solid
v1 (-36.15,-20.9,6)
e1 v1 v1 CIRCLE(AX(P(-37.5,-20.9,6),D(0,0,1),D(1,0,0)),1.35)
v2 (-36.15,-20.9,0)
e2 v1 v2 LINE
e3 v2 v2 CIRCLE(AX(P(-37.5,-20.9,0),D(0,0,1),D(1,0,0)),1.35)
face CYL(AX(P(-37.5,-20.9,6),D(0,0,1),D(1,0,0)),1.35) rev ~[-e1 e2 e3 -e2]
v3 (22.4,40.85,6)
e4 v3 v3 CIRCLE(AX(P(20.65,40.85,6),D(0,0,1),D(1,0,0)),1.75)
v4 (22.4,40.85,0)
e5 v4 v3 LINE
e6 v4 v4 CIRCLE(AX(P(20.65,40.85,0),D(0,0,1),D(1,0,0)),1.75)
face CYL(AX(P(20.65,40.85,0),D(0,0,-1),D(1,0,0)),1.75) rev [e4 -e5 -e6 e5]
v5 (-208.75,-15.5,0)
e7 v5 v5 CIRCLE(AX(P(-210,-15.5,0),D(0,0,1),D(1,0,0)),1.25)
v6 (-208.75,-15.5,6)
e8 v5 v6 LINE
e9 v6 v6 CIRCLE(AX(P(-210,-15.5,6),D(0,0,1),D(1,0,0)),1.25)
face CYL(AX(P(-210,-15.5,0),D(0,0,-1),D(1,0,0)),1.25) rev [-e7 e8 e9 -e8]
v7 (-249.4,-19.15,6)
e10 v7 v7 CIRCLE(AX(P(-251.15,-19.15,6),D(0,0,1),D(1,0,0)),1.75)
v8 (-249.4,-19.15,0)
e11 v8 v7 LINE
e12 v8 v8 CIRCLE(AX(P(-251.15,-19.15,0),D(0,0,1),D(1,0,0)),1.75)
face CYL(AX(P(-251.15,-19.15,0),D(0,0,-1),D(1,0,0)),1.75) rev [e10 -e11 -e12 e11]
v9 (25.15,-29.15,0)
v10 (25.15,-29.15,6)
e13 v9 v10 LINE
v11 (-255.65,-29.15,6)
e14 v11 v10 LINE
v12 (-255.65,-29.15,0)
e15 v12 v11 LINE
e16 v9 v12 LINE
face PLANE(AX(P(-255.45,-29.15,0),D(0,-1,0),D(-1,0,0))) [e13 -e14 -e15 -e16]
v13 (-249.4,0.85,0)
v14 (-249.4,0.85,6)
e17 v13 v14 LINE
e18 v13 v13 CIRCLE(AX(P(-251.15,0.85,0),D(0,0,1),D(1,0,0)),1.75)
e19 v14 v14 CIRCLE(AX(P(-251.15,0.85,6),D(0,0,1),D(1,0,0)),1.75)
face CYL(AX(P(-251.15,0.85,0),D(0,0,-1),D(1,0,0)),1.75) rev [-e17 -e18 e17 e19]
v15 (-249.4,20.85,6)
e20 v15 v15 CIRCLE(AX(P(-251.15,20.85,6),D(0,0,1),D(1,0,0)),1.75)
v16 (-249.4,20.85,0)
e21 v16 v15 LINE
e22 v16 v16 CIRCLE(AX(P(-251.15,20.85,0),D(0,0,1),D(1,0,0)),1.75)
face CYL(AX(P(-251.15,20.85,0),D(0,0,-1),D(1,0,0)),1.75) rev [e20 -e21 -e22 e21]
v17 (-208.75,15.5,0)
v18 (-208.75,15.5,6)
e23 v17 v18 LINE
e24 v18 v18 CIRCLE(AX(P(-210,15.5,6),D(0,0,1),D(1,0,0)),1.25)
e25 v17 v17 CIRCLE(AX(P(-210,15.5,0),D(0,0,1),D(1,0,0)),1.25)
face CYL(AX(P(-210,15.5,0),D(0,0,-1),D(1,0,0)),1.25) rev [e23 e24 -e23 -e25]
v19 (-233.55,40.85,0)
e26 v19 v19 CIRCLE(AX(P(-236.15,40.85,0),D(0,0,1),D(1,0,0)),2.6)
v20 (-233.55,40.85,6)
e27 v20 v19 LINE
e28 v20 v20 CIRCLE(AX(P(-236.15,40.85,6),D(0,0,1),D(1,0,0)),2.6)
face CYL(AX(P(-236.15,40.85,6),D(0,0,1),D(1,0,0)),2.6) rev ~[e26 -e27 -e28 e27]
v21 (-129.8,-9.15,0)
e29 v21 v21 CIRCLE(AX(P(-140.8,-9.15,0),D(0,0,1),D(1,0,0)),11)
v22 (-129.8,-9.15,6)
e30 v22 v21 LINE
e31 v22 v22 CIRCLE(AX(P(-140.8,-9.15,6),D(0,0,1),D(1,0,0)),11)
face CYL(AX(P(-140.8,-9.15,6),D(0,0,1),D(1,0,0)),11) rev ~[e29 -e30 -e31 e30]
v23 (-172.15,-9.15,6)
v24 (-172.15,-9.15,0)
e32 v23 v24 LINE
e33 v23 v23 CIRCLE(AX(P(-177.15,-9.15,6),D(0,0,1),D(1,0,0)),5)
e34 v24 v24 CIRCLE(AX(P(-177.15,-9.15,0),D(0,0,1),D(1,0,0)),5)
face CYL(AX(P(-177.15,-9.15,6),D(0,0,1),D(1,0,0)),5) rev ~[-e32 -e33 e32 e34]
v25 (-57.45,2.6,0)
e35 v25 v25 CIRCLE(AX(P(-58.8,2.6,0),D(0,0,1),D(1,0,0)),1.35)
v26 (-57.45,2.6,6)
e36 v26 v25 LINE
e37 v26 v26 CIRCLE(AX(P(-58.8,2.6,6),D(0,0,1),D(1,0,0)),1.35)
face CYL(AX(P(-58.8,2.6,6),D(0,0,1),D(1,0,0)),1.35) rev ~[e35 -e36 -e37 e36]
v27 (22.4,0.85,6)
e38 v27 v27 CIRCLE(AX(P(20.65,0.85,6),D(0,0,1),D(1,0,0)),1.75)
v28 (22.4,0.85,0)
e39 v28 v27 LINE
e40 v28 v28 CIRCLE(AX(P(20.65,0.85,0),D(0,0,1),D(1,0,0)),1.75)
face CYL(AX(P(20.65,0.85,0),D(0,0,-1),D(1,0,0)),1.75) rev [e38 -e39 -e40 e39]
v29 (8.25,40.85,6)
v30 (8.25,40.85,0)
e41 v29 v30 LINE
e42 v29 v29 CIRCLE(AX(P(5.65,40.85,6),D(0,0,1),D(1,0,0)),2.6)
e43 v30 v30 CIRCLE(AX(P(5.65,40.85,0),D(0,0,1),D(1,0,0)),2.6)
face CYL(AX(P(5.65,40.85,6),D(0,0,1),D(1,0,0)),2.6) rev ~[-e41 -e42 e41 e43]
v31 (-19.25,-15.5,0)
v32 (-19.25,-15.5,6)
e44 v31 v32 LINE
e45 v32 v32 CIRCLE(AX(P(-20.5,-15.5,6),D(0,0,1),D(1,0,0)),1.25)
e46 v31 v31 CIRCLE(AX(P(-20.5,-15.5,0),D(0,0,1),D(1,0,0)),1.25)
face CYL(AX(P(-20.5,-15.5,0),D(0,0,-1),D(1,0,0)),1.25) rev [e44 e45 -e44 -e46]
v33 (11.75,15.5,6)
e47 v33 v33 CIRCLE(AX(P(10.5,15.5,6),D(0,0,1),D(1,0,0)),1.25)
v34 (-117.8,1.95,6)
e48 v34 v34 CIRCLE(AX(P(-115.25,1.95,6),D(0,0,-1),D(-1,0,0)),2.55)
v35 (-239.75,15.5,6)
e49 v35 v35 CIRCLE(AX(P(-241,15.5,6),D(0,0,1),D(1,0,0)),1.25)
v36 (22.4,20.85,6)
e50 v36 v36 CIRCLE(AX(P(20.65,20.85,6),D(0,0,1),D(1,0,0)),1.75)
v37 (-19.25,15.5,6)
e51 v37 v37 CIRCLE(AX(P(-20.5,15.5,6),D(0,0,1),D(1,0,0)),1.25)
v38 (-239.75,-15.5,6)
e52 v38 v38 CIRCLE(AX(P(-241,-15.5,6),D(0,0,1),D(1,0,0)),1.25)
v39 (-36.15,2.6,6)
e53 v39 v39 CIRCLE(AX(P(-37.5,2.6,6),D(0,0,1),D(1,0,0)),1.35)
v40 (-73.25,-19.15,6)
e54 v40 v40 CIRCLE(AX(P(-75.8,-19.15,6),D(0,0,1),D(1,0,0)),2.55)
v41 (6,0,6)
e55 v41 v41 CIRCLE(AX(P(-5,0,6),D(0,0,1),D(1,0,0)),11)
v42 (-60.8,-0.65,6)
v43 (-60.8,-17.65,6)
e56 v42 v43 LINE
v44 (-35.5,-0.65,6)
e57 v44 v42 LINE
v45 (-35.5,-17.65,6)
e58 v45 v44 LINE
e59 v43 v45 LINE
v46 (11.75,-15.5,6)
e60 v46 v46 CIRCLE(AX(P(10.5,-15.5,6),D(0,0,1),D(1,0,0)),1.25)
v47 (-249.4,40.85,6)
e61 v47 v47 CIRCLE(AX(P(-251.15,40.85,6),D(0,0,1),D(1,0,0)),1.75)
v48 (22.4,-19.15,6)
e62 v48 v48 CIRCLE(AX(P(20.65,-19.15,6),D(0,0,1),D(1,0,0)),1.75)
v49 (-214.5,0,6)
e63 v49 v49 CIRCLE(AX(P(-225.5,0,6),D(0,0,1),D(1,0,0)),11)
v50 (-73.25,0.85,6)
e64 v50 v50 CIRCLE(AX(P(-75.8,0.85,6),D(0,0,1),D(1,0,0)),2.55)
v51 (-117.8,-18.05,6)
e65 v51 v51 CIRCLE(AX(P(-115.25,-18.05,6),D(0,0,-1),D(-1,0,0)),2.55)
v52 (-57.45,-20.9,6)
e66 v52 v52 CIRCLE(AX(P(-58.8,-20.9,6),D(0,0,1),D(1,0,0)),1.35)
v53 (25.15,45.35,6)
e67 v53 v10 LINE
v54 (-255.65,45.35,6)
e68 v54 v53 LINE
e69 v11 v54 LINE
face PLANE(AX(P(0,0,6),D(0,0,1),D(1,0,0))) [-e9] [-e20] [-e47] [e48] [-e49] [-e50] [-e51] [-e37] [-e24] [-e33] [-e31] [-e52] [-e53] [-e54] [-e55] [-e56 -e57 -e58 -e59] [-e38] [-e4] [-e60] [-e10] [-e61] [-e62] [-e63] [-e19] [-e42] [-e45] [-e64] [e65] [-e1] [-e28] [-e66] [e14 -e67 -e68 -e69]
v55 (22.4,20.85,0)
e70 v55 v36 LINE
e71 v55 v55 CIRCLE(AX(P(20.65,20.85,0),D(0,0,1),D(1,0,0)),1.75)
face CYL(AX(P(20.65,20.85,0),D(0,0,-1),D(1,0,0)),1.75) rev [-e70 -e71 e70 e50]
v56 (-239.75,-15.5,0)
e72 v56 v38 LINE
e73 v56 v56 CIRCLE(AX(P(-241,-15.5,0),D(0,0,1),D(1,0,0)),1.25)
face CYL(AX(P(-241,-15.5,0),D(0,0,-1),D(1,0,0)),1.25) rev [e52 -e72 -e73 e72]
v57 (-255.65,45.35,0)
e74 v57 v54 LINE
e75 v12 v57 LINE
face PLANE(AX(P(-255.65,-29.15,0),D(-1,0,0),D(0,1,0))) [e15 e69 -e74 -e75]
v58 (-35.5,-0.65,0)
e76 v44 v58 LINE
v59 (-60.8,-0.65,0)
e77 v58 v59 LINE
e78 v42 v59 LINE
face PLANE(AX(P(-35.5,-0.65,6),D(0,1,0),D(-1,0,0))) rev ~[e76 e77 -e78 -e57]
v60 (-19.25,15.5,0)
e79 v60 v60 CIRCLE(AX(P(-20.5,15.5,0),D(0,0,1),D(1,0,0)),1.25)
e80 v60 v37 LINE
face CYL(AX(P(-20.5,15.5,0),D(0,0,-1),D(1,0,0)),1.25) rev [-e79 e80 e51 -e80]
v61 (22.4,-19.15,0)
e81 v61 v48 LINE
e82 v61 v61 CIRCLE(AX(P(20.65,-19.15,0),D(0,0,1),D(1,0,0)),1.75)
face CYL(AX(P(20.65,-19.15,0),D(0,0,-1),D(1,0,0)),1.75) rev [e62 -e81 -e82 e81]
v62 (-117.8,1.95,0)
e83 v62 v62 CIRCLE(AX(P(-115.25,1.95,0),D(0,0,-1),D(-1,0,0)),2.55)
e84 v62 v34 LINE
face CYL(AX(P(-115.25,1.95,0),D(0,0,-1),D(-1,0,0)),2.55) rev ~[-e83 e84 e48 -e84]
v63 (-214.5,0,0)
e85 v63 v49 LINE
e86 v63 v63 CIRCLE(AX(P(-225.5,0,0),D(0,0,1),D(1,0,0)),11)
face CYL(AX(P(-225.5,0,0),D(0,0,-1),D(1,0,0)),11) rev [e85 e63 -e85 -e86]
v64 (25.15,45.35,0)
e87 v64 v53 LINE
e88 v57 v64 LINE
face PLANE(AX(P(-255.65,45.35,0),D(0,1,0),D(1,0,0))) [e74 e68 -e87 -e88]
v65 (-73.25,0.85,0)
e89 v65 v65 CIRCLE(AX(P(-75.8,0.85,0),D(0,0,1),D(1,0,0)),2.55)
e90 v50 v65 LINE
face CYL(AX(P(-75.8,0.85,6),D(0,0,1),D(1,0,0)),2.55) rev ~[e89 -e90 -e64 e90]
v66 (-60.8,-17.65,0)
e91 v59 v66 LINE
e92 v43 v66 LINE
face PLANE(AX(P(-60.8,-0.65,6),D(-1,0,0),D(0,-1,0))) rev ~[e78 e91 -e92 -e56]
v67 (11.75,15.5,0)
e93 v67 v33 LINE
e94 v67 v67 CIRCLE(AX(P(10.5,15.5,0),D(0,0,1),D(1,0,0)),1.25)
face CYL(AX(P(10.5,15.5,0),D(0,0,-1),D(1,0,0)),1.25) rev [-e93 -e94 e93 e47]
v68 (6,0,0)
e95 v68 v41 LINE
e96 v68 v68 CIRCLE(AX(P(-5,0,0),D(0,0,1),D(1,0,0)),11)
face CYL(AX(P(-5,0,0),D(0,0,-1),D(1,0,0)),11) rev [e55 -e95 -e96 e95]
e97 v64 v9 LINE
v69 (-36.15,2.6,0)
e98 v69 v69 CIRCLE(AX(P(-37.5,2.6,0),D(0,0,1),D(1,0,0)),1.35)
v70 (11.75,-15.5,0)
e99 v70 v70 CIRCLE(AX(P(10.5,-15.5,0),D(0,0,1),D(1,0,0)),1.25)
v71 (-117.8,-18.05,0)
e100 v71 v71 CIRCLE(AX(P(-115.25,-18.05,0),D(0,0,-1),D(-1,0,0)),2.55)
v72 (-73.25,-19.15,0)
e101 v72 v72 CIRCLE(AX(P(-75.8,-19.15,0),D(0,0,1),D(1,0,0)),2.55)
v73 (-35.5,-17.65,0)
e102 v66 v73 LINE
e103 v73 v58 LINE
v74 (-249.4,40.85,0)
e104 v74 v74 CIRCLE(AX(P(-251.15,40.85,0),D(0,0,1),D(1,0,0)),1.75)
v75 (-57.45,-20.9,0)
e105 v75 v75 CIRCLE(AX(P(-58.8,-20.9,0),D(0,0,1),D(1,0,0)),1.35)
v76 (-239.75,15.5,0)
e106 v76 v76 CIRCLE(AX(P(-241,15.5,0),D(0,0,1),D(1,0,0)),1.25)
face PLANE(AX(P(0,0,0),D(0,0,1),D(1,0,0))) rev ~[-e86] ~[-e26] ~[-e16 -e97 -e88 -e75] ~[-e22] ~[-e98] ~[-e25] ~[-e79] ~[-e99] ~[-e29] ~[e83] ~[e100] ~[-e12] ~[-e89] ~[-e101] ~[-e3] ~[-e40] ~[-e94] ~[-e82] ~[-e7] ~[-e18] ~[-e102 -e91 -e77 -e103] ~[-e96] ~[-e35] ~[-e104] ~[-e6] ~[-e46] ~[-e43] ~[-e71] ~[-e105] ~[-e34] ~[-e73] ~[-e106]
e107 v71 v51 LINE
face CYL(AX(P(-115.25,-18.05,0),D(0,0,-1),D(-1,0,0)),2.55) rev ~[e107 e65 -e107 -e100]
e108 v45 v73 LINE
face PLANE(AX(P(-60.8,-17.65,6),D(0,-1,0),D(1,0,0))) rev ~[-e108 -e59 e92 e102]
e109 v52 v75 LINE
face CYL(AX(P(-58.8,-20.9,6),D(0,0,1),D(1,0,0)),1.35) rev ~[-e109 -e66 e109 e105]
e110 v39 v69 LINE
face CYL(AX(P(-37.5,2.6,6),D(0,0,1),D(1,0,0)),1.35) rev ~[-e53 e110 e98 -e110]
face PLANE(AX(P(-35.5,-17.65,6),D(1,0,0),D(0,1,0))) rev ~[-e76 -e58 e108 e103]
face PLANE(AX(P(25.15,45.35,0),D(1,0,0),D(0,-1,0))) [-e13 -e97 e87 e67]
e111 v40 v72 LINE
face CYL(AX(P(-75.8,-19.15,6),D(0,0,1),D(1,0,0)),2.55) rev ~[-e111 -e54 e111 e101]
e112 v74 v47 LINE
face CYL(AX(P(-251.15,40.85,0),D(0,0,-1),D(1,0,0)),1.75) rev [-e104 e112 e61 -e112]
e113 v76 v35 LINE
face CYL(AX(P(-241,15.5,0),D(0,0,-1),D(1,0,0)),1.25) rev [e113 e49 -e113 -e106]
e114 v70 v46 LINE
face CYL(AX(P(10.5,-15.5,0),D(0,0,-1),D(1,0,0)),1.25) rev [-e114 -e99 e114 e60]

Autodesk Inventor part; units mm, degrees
ref_plane "YZ Plane" through (0, 0, 0) normal (1, 0, 0) x (0, 1, 0)
ref_plane "XZ Plane" through (0, 0, 0) normal (0, 1, 0) x (-1, 0, 0)
ref_plane "XY Plane" through (0, 0, 0) normal (0, 0, 1) x (1, 0, 0)
sketch "Эскиз1" plane through (0, 0, 0) normal (0, 0, 1) x (1, 0, 0)
  line L0 (-26.0621, -17.2379) -> (-22.2379, -21.0621) projected
  arc A0 (-22.2379, -21.0621) -> (-22.0257, -21.15) centre (-22.0257, -20.85) ccw projected
  line L1 (-22.0257, -21.15) -> (12.0257, -21.15) projected
  arc A1 (12.0257, -21.15) -> (12.2379, -21.0621) centre (12.0257, -20.85) ccw projected
  line L2 (12.2379, -21.0621) -> (16.0621, -17.2379) projected
  arc A2 (16.0621, -17.2379) -> (16.15, -17.0257) centre (15.85, -17.0257) ccw projected
  line L3 (16.15, -17.0257) -> (16.15, 17.0257) projected
  arc A3 (16.15, 17.0257) -> (16.0621, 17.2379) centre (15.85, 17.0257) ccw projected
  line L4 (16.0621, 17.2379) -> (12.2379, 21.0621) projected
  arc A4 (12.2379, 21.0621) -> (12.0257, 21.15) centre (12.0257, 20.85) ccw projected
  line L5 (12.0257, 21.15) -> (-22.0257, 21.15) projected
  arc A5 (-22.0257, 21.15) -> (-22.2379, 21.0621) centre (-22.0257, 20.85) ccw projected
  line L6 (-22.2379, 21.0621) -> (-26.0621, 17.2379) projected
  arc A6 (-26.0621, 17.2379) -> (-26.15, 17.0257) centre (-25.85, 17.0257) ccw projected
  line L7 (-26.15, 17.0257) -> (-26.15, -17.0257) projected
  arc A7 (-26.15, -17.0257) -> (-26.0621, -17.2379) centre (-25.85, -17.0257) ccw projected
  circle A8 centre (-5, 0) radius 11 projected
  circle A9 centre (-20.5, 15.5) radius 1.25 projected
  circle A10 centre (10.5, 15.5) radius 1.25 projected
  circle A11 centre (10.5, -15.5) radius 1.25 projected
  circle A12 centre (-20.5, -15.5) radius 1.25 projected
  circle A13 centre (20.65, -19.15) radius 1.75 projected
  circle A14 centre (20.65, 0.85) radius 1.75 projected
  circle A15 centre (20.65, 20.85) radius 1.75 projected
  circle A16 centre (20.65, 40.85) radius 1.75 projected
  line L8 (-246.5621, -17.2379) -> (-242.7379, -21.0621) projected
  arc A17 (-242.7379, -21.0621) -> (-242.5257, -21.15) centre (-242.5257, -20.85) ccw projected
  line L9 (-242.5257, -21.15) -> (-208.4743, -21.15) projected
  arc A18 (-208.4743, -21.15) -> (-208.2621, -21.0621) centre (-208.4743, -20.85) ccw projected
  line L10 (-208.2621, -21.0621) -> (-204.4379, -17.2379) projected
  arc A19 (-204.4379, -17.2379) -> (-204.35, -17.0257) centre (-204.65, -17.0257) ccw projected
  line L11 (-204.35, -17.0257) -> (-204.35, 17.0257) projected
  arc A20 (-204.35, 17.0257) -> (-204.4379, 17.2379) centre (-204.65, 17.0257) ccw projected
  line L12 (-204.4379, 17.2379) -> (-208.2621, 21.0621) projected
  arc A21 (-208.2621, 21.0621) -> (-208.4743, 21.15) centre (-208.4743, 20.85) ccw projected
  line L13 (-208.4743, 21.15) -> (-242.5257, 21.15) projected
  arc A22 (-242.5257, 21.15) -> (-242.7379, 21.0621) centre (-242.5257, 20.85) ccw projected
  line L14 (-242.7379, 21.0621) -> (-246.5621, 17.2379) projected
  arc A23 (-246.5621, 17.2379) -> (-246.65, 17.0257) centre (-246.35, 17.0257) ccw projected
  line L15 (-246.65, 17.0257) -> (-246.65, -17.0257) projected
  arc A24 (-246.65, -17.0257) -> (-246.5621, -17.2379) centre (-246.35, -17.0257) ccw projected
  circle A25 centre (-225.5, 0) radius 11 projected
  circle A26 centre (-241, 15.5) radius 1.25 projected
  circle A27 centre (-210, 15.5) radius 1.25 projected
  circle A28 centre (-210, -15.5) radius 1.25 projected
  circle A29 centre (-241, -15.5) radius 1.25 projected
  circle A30 centre (-251.15, -19.15) radius 1.75 projected
  circle A31 centre (-251.15, 0.85) radius 1.75 projected
  circle A32 centre (-251.15, 20.85) radius 1.75 projected
  circle A33 centre (-251.15, 40.85) radius 1.75 projected
  line L16 (-255.45, -29.15) -> (-246.85, -29.15) projected
  line L17 (-255.65, -29.15) -> (-255.65, 270.85) projected
  line L18 (25.15, 270.85) -> (25.15, -29.15) projected
  line L19 (25.15, -29.15) -> (-255.65, -29.15)
  line L20 (-255.65, -29.15) -> (-255.65, 45.35)
  line L21 (-255.65, 45.35) -> (25.15, 45.35)
  line L22 (25.15, 45.35) -> (25.15, -29.15)
  point P0 (25.15, 45.35)
  dimension "d15" = 4.5
extrude "Выдавливание1" add sketch "Эскиз1" along normal blind 6 contours A7 L7 A6 L6 A5 L5 A4 L4 A3 L3 A2 L2 A1 L1 A0 L0 | A24 L15 A23 L14 A22 L13 A21 L12 A20 L11 A19 L10 A18 L9 A17 L8 | L19 L17 L21 L18 L16
sketch "Эскиз2" plane through (0, 0, 6) normal (0, 0, 1) x (1, 0, 0)
  circle A0 centre (20.65, 40.85) radius 1.75 projected
  circle A1 centre (5.65, 40.85) radius 2.6
  circle A2 centre (-236.15, 40.85) radius 2.6
  circle A3 centre (-251.15, 40.85) radius 1.75 projected
  point P0 (0, 0)
  dimension "d16" = 5.2
  dimension "d17" = 15
  dimension "d18" = 5.2
  dimension "d19" = 15
extrude "Выдавливание2" cut sketch "Эскиз2" against normal blind 6
sketch "Эскиз3" plane through (0, 0, 0) normal (0, 0, -1) x (-1, 0, 0)
  circle A0 centre (115.25, -18.05) radius 2.55
  circle A1 centre (115.25, 1.95) radius 2.55
  line L0 (255.65, 45.35) -> (255.65, -29.15) projected
  point P0 (0, 0)
  dimension "d25" = 5.1
  dimension "d26" = 140.4
  dimension "d27" = 140.4
extrude "Выдавливание3" cut sketch "Эскиз3" against normal blind 10
sketch "Эскиз4" plane through (0, 0, 6) normal (0, 0, 1) x (1, 0, 0)
  circle A0 centre (-177.15, -2.65) radius 5 construction
  line L0 (-177.15, -2.65) -> (-177.15, -29.15) construction
  line L1 (-255.65, -29.15) -> (25.15, -29.15) construction
  circle A1 centre (-177.15, -9.15) radius 5
  point P0 (0, 0)
  dimension "d30" = 10
  dimension "d31" = 20
extrude "Выдавливание4" cut sketch "Эскиз4" against normal blind 10
sketch "Эскиз5" plane through (0, 0, 6) normal (0, 0, 1) x (1, 0, 0)
  circle A0 centre (-20.5, 15.5) radius 1.25 construction
  circle A1 centre (-20.5, -15.5) radius 1.25 construction
  circle A2 centre (-20.5, -15.5) radius 1.25 projected
  circle A3 centre (-20.5, 15.5) radius 1.25 projected
  line L0 (-20.5, -15.5) -> (-20.5, 15.5) construction
  line L1 (-60.8, -17.65) -> (-35.5, -17.65)
  line L2 (-35.5, -17.65) -> (-35.5, -0.65)
  line L3 (-35.5, -0.65) -> (-60.8, -0.65)
  line L4 (-60.8, -0.65) -> (-60.8, -17.65)
  line L5 (-60.8, -17.65) -> (-35.5, -0.65) construction
  line L6 (-35.5, -17.65) -> (-60.8, -0.65) construction
  circle A4 centre (-58.8, -20.9) radius 1.35
  line L7 (-48.15, -9.15) -> (-48.15, -2.4897)
  line L8 (-48.15, -9.15) -> (-50.139, -9.15)
  circle A5 centre (-37.5, -20.9) radius 1.35
  circle A6 centre (-58.8, 2.6) radius 1.35
  circle A7 centre (-37.5, 2.6) radius 1.35
  line L9 (-255.65, -29.15) -> (25.15, -29.15) projected
  point P0 (0, 0)
  dimension "d33" = 17
  dimension "d39" = 2.7
  dimension "d40" = 3.25
  dimension "d41" = 2
  dimension "d45" = 25.3
  dimension "d46" = 20
extrude "Выдавливание5" cut sketch "Эскиз5" against normal blind 10
sketch "Эскиз6" plane through (0, 0, 6) normal (0, 0, 1) x (1, 0, 0)
  line L0 (-60.8, -17.65) -> (-60.8, -0.65) construction
  line L1 (-60.8, -9.15) -> (-101.8454, -9.15) construction
  circle A0 centre (-75.8, -19.15) radius 2.55
  circle A1 centre (-75.8, 0.85) radius 2.55
  line L2 (-75.8, 0.85) -> (-75.8, -20.3687) construction
  line L3 (-101.8454, -9.15) -> (-167.9603, -9.15) construction
  circle A2 centre (-140.8, -9.15) radius 11
  point P0 (0, 0)
  dimension "d47" = 5.1
  dimension "d48" = 5.1
  dimension "d49" = 10
  dimension "d50" = 10
  dimension "d51" = 15
  dimension "d54" = 22
  dimension "d55" = 65
extrude "Выдавливание6" cut sketch "Эскиз6" against normal blind 10
properties part number "креп_мотора" material "Древесина (береза)"
